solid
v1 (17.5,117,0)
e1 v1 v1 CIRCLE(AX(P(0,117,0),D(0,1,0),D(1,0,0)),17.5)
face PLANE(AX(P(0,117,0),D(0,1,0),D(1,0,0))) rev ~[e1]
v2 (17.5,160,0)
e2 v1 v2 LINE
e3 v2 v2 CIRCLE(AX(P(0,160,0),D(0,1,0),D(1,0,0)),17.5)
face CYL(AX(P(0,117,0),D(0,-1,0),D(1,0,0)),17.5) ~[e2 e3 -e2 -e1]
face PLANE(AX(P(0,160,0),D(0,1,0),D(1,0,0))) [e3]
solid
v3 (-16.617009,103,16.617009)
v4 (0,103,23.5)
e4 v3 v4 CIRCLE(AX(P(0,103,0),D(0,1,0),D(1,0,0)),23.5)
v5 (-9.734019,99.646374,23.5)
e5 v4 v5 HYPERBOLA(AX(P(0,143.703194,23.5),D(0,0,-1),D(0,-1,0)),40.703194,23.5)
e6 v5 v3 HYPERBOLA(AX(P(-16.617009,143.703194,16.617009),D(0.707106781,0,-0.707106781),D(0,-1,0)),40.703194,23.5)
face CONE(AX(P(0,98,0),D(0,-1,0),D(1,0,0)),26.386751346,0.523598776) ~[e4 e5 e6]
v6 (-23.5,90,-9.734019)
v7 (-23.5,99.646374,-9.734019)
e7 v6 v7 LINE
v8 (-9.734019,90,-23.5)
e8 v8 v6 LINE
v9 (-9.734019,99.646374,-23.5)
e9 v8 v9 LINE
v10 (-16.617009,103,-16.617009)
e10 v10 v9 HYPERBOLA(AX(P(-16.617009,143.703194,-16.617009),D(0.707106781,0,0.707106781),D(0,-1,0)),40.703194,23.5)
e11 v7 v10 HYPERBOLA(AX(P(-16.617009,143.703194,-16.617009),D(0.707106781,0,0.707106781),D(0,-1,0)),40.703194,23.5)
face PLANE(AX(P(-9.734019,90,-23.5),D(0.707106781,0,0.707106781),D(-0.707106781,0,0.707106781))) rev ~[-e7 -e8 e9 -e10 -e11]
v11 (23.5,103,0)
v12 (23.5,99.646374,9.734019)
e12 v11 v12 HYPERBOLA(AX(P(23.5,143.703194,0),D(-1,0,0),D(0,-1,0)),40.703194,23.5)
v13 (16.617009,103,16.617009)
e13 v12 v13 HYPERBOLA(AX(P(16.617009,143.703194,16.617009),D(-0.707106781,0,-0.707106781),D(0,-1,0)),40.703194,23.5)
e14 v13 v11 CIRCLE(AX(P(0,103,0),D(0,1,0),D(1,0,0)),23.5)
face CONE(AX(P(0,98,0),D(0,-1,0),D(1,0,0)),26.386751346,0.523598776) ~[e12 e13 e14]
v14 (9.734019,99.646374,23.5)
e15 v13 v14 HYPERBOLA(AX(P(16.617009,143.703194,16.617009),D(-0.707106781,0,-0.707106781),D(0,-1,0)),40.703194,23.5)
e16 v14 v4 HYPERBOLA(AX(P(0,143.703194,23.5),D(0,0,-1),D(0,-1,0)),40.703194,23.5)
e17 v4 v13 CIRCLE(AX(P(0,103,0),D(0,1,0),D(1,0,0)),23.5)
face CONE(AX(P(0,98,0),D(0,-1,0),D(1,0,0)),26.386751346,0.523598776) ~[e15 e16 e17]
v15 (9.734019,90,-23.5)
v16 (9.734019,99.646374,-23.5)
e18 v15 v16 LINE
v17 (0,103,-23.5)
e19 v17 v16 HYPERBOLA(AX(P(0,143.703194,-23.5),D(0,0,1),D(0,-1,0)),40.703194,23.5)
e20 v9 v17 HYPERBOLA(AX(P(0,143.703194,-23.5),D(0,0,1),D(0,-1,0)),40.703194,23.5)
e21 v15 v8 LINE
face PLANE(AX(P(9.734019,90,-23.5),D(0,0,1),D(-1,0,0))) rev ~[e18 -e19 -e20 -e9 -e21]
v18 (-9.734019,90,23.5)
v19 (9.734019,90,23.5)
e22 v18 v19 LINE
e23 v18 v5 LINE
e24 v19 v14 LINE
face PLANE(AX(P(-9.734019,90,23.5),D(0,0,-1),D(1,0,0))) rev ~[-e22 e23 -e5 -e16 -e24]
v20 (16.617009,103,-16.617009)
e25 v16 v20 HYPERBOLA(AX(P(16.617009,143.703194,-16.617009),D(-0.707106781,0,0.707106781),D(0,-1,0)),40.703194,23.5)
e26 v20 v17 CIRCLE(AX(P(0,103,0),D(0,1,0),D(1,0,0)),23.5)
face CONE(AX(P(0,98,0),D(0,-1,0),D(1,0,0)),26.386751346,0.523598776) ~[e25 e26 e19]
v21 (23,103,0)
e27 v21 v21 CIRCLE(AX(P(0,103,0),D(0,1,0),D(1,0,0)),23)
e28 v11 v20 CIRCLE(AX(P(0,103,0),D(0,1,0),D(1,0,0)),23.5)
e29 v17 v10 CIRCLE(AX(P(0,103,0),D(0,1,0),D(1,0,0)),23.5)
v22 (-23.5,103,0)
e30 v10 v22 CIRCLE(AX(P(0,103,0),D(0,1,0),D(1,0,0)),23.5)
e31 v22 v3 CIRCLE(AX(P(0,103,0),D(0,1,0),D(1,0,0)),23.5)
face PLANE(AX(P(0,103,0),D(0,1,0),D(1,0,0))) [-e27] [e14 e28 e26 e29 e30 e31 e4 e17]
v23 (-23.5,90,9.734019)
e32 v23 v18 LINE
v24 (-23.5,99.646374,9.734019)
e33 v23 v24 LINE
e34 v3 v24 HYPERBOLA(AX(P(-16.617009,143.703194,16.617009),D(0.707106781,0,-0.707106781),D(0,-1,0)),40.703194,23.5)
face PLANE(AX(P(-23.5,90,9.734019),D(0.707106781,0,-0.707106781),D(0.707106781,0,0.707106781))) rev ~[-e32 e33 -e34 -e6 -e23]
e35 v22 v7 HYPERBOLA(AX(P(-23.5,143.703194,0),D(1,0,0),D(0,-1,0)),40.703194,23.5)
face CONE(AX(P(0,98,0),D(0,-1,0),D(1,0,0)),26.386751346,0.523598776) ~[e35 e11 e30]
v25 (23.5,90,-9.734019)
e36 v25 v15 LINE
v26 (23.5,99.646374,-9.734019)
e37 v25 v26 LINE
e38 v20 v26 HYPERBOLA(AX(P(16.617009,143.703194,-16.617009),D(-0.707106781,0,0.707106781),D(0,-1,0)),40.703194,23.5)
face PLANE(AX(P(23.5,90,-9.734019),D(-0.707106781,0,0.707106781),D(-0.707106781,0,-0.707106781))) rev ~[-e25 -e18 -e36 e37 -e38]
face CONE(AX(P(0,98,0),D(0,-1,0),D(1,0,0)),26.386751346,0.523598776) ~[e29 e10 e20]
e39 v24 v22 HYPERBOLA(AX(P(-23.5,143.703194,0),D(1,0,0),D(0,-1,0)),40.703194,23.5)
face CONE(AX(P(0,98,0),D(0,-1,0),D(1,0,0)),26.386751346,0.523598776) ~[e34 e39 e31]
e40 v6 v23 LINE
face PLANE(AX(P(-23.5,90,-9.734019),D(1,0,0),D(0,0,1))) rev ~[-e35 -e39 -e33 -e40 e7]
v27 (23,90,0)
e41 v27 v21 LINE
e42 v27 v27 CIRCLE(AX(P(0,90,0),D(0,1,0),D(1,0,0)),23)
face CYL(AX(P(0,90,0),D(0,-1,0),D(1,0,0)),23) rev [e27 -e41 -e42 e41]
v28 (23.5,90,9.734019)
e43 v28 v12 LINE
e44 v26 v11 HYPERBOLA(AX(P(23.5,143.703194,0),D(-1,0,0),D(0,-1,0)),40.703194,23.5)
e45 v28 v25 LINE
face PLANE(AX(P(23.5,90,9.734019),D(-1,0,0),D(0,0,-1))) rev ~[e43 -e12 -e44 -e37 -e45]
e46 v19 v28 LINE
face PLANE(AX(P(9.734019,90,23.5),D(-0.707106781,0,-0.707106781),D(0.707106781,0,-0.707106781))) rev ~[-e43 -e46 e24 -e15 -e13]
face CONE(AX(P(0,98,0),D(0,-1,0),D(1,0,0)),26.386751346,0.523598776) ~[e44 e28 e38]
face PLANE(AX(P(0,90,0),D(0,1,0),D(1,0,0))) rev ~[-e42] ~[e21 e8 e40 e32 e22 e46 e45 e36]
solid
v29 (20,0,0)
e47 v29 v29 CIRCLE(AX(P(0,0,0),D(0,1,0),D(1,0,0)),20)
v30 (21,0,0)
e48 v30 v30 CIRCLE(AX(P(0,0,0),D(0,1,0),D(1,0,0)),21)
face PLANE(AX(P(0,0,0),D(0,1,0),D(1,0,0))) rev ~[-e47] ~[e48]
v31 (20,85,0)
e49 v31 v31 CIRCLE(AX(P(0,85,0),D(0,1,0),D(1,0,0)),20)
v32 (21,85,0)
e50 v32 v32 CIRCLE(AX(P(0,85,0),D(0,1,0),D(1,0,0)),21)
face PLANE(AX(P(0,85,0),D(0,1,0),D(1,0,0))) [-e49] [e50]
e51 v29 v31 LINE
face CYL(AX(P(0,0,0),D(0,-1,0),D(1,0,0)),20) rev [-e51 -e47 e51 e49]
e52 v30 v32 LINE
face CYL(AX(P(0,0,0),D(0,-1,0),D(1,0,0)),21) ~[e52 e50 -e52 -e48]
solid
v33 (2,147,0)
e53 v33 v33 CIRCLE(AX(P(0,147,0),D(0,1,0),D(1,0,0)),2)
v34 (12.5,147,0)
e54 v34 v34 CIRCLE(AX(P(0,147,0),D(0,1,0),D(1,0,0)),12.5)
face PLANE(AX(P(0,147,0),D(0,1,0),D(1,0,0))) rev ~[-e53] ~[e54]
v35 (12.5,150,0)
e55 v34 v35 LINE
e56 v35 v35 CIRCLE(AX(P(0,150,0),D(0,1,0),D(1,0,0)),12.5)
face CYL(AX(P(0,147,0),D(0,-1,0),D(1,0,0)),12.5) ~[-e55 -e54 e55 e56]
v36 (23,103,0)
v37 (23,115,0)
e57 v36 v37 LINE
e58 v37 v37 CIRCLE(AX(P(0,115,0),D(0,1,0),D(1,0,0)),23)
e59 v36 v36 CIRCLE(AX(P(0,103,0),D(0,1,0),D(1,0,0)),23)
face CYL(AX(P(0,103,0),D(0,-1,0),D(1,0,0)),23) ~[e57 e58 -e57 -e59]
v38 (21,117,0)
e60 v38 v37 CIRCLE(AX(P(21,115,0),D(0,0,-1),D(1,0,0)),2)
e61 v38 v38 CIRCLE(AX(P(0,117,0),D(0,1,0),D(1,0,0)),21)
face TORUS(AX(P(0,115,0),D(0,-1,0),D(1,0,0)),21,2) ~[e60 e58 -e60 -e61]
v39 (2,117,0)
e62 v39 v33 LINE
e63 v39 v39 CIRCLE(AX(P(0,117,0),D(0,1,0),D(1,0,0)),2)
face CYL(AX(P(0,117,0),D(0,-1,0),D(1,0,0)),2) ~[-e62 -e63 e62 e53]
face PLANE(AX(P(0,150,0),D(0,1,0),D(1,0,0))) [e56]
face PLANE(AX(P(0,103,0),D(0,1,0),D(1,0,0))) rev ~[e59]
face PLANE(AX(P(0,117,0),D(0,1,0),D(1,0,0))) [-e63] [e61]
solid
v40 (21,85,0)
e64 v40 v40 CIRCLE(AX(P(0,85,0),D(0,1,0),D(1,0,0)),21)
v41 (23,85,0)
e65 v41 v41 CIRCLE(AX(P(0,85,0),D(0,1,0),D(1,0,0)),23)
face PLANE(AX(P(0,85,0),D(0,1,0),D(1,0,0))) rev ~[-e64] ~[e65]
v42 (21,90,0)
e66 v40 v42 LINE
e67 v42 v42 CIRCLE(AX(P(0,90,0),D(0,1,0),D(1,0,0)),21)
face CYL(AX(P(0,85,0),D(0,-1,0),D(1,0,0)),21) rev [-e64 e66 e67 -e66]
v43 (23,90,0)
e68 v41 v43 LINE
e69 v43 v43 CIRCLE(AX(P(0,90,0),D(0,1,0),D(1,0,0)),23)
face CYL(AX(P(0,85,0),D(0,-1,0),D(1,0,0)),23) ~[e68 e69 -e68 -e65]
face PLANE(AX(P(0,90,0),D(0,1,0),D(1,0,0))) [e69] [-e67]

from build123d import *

# Parameters (mm, degrees)
SKETCH1_R           = 21
SKETCH1_R_2         = 20
EXTRUDE_THIN1_DEPTH = 85
SKETCH2_R           = 23
SKETCH2_R_2         = 21
EXTRUDE_THIN2_DEPTH = 5
SKETCH3_R           = 23
EXTRUDE1_DEPTH      = 13
SKETCH7_R           = 23
EXTRUDE3_DEPTH      = 14
SKETCH11_R          = 2
EXTRUDE5_DEPTH      = 30
SKETCH12_R          = 12.5
EXTRUDE6_DEPTH      = 3
SKETCH9_R           = 17.5
EXTRUDE4_DEPTH      = 43
FILLET1_R           = 2


with BuildPart() as part:
    # Sketch1 → Extrude-Thin1 (new body)
    with BuildSketch(Plane(origin=(0, 0, 0), x_dir=(1, 0, 0), z_dir=(0, 1, 0))):
        Circle(SKETCH1_R)
        Circle(SKETCH1_R_2, mode=Mode.SUBTRACT)
    extrude(amount=EXTRUDE_THIN1_DEPTH)


with BuildPart() as body_2:
    # Sketch2 → Extrude-Thin2 (new body)
    with BuildSketch(Plane(origin=(0, 85, 0), x_dir=(1, 0, 0), z_dir=(0, 1, 0))):
        Circle(SKETCH2_R)
        Circle(SKETCH2_R_2, mode=Mode.SUBTRACT)
    extrude(amount=EXTRUDE_THIN2_DEPTH)


with BuildPart() as body_3:
    # Sketch3 → Extrude1 (new body)
    with BuildSketch(Plane(origin=(0, 90, 0), x_dir=(1, 0, 0), z_dir=(0, 1, 0))):
        Polygon((-23.5, -9.734018716), (-9.734018716, -23.5), (9.734018716, -23.5), (23.5, -9.734018716), (23.5, 9.734018716), (9.734018716, 23.5), (-9.734018716, 23.5), (-23.5, 9.734018716), align=None)
        Circle(SKETCH3_R, mode=Mode.SUBTRACT)
    extrude(amount=EXTRUDE1_DEPTH)

    # Cut-Sweep2: sweep along a path in Sketch6
    with BuildLine(Plane(origin=(0, 103, 0), x_dir=(1, 0, 0), z_dir=(0, 1, 0))) as cut_sweep2_path:
        CenterArc((0, 0), 30, 0, 360)
    # Sketch5 → Cut-Sweep2 (sweep, cut)
    with BuildSketch(Plane.XY):
        Polygon((26.386751346, 103), (26.386751346, 98), (23.5, 103), align=None)
    sweep(path=cut_sweep2_path.line, mode=Mode.SUBTRACT)


with BuildPart() as body_4:
    # Sketch7 → Extrude3 (new body)
    with BuildSketch(Plane(origin=(0, 103, 0), x_dir=(1, 0, 0), z_dir=(0, 1, 0))):
        Circle(SKETCH7_R)
    extrude(amount=EXTRUDE3_DEPTH)

    # Sketch11 → Extrude5 (add)
    with BuildSketch(Plane(origin=(0, 117, 0), x_dir=(1, 0, 0), z_dir=(0, 1, 0))):
        Circle(SKETCH11_R)
    extrude(amount=EXTRUDE5_DEPTH)

    # Sketch12 → Extrude6 (add)
    with BuildSketch(Plane(origin=(0, 147, 0), x_dir=(1, 0, 0), z_dir=(0, 1, 0))):
        Circle(SKETCH12_R)
    extrude(amount=EXTRUDE6_DEPTH)

    # Fillet1
    fillet1_edges = [body_4.edges().sort_by_distance(p)[0] for p in [
        (-23, 117, 0),
    ]]
    fillet(fillet1_edges, radius=FILLET1_R)


with BuildPart() as body_5:
    # Sketch9 → Extrude4 (new body)
    with BuildSketch(Plane(origin=(0, 117, 0), x_dir=(1, 0, 0), z_dir=(0, 1, 0))):
        Circle(SKETCH9_R)
    extrude(amount=EXTRUDE4_DEPTH)


solid = Compound([part.part, body_2.part, body_3.part, body_4.part, body_5.part])
